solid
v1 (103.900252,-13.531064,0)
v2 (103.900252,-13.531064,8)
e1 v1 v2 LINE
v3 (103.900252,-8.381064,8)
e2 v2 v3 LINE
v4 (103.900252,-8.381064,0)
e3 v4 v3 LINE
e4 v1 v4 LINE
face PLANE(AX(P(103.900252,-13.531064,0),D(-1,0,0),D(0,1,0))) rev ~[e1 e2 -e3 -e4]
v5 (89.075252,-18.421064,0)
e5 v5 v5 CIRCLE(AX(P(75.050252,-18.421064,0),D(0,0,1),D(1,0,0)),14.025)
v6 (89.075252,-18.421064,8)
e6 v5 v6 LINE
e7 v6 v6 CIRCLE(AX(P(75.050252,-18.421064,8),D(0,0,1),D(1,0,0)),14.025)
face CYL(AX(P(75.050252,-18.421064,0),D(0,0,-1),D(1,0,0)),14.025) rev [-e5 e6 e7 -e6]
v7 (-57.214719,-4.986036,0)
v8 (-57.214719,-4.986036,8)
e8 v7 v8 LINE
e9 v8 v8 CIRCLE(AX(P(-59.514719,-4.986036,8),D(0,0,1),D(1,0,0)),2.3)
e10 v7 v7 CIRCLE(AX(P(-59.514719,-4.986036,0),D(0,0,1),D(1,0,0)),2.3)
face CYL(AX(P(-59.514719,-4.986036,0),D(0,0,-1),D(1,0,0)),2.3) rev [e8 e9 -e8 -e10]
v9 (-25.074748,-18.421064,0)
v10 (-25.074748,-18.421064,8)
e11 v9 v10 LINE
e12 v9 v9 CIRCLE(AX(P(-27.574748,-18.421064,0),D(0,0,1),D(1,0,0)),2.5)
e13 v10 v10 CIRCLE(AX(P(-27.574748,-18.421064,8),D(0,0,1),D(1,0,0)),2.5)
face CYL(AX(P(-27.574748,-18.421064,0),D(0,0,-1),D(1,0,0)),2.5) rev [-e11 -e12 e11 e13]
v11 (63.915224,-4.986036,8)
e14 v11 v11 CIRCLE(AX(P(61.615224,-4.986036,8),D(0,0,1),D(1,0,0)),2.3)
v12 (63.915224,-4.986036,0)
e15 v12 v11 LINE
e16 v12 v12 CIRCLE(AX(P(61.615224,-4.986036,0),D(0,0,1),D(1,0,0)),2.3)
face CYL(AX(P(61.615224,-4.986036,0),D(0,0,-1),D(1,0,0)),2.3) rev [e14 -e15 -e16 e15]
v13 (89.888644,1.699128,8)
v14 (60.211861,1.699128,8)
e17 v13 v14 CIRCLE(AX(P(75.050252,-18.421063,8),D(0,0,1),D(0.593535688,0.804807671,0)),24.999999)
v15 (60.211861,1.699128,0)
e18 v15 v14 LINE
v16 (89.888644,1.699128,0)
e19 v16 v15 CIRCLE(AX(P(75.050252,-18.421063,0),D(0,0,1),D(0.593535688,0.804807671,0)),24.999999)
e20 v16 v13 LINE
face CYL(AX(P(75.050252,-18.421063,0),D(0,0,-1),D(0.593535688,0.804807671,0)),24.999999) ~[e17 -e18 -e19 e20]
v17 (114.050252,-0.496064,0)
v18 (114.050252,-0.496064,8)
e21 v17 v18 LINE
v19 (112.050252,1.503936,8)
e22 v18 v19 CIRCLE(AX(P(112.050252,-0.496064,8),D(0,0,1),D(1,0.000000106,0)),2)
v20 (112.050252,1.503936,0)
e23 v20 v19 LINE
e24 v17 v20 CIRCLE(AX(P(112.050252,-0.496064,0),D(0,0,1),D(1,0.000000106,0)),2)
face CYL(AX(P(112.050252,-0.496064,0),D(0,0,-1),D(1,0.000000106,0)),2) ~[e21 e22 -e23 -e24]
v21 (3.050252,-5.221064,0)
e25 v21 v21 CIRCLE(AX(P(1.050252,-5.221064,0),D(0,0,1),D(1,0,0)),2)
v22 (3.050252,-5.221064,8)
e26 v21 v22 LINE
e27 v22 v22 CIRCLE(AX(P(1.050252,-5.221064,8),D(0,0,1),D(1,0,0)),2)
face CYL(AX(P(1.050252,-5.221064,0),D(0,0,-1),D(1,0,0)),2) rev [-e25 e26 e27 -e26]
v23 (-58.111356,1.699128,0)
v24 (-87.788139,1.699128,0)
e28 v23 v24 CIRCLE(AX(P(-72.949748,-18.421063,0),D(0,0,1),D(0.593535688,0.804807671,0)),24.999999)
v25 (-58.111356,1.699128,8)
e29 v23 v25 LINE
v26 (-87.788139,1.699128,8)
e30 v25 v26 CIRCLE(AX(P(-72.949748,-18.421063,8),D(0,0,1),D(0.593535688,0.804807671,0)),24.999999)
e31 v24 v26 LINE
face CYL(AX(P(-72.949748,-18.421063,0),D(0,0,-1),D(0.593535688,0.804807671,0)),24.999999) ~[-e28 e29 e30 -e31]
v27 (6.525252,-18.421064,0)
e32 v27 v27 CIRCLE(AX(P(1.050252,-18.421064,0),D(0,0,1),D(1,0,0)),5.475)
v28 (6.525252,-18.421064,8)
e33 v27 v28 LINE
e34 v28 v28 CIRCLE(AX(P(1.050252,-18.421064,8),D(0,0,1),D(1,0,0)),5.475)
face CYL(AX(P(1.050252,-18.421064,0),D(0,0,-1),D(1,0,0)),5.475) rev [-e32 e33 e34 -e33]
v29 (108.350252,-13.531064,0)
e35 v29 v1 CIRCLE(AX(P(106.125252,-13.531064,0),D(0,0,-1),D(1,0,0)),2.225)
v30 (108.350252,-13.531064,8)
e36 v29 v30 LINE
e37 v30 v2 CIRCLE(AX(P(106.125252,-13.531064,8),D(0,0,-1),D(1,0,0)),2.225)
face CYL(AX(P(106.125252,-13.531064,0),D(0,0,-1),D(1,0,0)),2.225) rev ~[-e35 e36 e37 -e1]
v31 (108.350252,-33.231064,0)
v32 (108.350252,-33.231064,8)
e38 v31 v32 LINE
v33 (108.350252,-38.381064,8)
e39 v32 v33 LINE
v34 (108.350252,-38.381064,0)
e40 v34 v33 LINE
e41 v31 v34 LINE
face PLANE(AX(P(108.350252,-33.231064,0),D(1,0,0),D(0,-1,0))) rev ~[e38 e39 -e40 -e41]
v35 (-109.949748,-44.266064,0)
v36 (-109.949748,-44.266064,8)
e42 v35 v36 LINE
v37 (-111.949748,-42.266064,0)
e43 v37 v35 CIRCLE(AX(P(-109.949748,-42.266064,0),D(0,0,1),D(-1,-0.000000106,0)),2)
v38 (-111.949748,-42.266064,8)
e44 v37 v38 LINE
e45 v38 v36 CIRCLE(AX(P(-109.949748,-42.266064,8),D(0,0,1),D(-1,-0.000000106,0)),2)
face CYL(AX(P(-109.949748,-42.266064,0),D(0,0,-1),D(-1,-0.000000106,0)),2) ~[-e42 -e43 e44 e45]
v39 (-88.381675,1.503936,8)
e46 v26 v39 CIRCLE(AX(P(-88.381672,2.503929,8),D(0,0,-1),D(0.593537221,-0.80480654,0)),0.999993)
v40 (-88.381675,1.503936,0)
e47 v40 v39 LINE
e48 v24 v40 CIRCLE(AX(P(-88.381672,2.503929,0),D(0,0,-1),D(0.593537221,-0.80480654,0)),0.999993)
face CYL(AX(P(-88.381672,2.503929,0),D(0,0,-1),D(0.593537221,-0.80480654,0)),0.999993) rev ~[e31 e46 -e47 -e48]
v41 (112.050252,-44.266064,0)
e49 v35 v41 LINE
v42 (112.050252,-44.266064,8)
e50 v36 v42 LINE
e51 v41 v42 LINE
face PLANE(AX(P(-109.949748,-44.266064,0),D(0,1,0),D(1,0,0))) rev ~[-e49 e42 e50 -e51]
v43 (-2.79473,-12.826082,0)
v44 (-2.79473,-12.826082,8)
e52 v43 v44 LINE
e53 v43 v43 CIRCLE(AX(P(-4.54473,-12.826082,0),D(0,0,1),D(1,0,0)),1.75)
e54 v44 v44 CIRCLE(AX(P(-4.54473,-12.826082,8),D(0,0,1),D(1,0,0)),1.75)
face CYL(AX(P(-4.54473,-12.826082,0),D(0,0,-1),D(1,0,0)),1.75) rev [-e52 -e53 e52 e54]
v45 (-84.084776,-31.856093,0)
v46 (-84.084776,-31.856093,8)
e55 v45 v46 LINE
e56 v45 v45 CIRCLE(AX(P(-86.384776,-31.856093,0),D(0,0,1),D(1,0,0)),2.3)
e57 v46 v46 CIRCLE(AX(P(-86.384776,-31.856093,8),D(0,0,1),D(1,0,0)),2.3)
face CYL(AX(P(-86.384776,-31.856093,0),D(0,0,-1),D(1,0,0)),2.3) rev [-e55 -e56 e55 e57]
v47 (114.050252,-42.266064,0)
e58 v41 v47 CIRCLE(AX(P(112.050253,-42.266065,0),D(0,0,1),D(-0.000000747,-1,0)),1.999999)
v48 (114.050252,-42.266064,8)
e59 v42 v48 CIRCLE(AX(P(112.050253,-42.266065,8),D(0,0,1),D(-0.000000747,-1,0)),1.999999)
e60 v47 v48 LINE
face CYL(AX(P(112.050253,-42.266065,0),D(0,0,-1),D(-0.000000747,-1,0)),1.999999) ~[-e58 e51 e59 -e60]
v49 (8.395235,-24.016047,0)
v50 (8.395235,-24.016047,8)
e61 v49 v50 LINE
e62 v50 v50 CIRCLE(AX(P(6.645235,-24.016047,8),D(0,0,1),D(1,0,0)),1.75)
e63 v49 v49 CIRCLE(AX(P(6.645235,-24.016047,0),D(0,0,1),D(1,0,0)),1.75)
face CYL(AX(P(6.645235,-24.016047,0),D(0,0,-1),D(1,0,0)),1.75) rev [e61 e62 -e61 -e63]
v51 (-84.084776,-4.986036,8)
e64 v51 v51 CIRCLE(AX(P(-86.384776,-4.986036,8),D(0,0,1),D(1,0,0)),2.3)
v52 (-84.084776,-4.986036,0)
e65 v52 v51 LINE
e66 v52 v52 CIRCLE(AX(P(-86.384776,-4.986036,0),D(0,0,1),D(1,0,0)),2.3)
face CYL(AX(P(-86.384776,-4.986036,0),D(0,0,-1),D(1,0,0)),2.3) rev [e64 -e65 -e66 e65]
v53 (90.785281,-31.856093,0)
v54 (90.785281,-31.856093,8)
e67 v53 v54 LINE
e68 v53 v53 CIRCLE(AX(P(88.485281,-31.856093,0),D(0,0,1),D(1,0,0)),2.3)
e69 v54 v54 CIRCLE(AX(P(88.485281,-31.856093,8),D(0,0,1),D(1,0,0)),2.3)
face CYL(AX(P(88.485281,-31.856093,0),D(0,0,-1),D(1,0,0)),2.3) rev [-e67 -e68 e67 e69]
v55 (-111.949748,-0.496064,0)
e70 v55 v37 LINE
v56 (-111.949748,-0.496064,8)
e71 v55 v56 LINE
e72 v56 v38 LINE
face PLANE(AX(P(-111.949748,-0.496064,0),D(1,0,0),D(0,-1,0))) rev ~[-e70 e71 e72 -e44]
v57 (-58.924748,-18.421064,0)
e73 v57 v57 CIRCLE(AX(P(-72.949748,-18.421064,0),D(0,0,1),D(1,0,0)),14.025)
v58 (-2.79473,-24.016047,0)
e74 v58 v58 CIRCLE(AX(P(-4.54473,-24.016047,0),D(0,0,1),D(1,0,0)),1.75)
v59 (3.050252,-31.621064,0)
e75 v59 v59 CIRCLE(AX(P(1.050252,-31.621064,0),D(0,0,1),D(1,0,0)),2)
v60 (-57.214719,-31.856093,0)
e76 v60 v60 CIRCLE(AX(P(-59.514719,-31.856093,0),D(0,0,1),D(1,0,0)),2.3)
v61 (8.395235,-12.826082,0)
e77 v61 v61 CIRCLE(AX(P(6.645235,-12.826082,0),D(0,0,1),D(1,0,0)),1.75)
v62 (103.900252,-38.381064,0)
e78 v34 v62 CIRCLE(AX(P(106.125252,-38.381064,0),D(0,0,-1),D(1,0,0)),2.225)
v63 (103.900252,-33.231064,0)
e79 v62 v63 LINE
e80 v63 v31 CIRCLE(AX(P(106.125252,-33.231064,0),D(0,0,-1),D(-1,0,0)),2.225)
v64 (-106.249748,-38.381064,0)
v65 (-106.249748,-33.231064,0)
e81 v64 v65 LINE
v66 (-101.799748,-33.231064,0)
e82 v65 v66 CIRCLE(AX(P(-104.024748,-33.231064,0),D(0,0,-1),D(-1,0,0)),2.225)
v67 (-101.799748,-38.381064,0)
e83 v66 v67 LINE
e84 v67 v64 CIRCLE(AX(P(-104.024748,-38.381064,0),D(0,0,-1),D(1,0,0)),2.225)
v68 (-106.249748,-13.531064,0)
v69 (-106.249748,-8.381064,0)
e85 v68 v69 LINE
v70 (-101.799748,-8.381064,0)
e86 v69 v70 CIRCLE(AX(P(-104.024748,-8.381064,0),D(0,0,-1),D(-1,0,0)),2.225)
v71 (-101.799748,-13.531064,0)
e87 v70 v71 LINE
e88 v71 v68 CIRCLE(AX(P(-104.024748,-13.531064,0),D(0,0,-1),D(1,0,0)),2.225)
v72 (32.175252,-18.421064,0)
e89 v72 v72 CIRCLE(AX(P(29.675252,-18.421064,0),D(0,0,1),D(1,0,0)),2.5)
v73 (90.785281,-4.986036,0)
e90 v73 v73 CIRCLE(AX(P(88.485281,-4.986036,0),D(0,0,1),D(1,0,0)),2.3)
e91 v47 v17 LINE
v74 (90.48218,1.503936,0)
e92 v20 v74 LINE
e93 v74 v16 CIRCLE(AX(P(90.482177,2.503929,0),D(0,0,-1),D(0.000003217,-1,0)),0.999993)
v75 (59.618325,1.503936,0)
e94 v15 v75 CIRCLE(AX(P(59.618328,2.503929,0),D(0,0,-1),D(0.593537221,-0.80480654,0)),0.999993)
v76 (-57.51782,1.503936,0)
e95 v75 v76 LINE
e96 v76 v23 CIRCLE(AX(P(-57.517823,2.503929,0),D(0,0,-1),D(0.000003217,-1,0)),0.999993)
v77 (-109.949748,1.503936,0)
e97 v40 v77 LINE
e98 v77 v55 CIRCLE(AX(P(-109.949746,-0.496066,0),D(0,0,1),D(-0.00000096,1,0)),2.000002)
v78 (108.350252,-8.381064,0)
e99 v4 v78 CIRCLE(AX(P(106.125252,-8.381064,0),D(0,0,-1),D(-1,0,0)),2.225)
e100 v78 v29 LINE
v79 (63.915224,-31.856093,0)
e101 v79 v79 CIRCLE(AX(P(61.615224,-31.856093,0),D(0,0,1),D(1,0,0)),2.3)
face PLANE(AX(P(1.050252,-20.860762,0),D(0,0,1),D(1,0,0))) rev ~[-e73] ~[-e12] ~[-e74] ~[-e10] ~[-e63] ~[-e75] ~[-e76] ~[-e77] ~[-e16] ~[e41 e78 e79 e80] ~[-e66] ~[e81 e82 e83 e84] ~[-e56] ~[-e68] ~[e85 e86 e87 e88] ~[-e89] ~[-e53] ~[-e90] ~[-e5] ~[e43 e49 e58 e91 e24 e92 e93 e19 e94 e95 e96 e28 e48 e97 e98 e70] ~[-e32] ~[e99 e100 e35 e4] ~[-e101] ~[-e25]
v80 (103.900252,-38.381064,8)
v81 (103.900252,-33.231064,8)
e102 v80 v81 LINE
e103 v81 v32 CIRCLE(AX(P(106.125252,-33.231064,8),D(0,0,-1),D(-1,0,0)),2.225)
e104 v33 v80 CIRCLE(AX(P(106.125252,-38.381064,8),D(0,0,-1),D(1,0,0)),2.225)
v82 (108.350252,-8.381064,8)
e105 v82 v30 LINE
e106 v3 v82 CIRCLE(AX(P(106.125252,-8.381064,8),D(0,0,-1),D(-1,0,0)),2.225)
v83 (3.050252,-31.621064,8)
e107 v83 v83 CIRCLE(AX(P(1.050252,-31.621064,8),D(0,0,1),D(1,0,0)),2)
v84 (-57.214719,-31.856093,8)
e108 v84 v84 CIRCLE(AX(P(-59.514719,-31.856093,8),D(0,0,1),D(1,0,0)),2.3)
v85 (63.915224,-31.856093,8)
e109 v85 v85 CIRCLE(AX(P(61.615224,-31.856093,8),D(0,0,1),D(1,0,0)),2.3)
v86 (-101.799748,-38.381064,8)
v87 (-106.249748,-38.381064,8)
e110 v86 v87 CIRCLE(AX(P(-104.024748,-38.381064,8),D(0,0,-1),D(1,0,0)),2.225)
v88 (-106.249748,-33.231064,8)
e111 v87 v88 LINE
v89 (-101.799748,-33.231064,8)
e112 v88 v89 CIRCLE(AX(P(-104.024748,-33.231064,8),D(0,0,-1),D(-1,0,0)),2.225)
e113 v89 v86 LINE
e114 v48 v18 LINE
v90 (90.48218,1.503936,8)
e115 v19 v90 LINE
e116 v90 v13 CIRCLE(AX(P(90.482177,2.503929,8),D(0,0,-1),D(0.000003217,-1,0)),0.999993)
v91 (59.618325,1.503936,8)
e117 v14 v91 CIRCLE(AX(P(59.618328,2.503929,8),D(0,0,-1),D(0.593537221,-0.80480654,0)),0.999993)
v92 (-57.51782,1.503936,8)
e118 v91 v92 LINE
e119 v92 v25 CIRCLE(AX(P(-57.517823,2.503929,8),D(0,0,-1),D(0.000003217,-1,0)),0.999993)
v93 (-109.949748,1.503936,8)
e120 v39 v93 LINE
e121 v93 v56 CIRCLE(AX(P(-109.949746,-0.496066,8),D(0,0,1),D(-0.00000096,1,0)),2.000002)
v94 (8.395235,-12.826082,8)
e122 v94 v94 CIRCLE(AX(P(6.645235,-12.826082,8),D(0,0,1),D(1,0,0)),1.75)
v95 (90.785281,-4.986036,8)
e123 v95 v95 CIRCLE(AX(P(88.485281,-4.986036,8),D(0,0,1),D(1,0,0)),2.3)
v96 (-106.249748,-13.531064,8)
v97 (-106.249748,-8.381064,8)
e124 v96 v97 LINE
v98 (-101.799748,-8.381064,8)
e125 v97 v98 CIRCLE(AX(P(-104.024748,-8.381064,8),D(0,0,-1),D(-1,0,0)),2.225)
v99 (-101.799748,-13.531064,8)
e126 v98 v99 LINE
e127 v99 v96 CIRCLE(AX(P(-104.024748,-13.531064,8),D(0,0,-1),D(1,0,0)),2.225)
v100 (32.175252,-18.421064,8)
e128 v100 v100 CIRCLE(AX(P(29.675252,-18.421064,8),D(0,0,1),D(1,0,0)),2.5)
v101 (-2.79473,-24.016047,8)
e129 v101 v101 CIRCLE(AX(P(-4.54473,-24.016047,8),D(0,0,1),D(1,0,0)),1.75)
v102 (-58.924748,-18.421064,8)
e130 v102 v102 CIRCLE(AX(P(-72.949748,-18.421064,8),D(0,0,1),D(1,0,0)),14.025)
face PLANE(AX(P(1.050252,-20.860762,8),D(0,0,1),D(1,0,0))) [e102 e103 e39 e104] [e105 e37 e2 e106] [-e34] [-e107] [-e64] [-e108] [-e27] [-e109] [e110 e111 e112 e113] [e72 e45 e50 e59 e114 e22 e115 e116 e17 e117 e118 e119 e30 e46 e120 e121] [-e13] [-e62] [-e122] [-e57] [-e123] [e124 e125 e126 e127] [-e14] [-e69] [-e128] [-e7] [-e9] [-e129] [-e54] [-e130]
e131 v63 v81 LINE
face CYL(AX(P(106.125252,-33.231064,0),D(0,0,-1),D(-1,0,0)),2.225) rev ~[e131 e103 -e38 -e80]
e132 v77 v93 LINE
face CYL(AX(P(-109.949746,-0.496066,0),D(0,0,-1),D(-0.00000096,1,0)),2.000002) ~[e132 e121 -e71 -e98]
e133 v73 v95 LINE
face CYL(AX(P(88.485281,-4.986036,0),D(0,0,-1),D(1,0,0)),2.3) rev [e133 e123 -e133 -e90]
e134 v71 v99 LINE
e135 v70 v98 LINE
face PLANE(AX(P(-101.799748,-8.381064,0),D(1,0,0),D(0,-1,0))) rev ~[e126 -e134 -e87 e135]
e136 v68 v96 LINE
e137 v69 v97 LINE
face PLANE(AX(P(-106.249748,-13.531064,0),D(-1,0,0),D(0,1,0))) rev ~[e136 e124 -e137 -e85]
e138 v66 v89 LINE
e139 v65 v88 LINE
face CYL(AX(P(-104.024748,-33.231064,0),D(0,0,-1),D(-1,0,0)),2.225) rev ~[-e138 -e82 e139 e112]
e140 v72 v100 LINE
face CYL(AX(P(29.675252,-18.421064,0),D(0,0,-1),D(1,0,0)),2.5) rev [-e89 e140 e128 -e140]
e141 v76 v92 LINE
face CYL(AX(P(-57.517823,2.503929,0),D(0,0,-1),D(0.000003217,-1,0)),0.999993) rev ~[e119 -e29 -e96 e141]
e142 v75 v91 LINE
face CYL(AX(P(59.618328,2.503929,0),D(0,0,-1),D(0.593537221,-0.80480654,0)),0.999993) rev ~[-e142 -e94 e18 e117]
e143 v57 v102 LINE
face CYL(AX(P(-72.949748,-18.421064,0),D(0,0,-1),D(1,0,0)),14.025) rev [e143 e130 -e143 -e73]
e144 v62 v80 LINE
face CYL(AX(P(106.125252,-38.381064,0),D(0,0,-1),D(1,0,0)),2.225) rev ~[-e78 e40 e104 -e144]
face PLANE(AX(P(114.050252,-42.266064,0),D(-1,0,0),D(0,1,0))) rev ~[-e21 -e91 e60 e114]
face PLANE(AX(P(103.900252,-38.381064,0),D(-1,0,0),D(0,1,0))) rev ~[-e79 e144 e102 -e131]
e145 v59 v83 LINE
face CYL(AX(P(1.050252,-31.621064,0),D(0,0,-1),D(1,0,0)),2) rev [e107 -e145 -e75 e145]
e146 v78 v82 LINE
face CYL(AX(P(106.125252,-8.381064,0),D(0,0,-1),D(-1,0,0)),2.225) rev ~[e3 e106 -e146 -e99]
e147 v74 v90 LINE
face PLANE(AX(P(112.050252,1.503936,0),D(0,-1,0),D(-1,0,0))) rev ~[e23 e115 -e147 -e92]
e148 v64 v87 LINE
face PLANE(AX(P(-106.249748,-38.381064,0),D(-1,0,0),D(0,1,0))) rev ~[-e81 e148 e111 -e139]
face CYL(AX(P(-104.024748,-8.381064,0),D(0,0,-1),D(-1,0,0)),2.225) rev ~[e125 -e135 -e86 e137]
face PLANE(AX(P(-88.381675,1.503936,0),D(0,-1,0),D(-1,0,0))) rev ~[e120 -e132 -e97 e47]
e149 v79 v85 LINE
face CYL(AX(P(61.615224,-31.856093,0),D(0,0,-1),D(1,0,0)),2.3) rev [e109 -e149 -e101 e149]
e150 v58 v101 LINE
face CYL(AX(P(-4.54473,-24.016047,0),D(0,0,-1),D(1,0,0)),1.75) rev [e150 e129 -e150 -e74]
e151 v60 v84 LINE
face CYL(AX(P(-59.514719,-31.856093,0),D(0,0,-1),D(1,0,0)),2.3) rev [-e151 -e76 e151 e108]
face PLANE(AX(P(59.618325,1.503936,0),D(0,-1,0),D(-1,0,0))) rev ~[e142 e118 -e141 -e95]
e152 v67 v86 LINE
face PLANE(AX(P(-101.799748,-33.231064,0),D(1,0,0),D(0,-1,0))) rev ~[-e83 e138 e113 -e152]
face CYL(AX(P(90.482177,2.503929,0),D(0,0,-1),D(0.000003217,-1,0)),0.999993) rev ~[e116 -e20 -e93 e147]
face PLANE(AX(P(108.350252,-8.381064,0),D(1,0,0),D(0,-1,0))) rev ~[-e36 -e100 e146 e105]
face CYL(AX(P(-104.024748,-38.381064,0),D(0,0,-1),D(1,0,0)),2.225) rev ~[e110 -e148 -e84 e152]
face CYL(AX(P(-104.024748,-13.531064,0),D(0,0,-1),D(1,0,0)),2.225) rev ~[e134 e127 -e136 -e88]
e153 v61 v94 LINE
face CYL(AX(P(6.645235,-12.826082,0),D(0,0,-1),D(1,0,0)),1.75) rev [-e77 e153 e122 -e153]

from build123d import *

# Parameters (mm, degrees)
F0_R     = 2.3
F0_R_2   = 1.75
F0_R_3   = 2
F0_R_4   = 14.025
F0_R_5   = 2.5
F0_R_6   = 5.475
F1_DEPTH = 8


with BuildPart() as f1:
    # F0 (on Top) → F1 (new body)
    with BuildSketch(Plane.XY):
        with BuildLine():
            Line((-88.381675, 1.503936), (-109.949748, 1.503936))
            ThreePointArc((-109.949748, 1.503936), (-111.363961, 0.918149), (-111.949748, -0.496064))
            Line((-111.949748, -0.496064), (-111.949748, -42.266064))
            ThreePointArc((-111.949748, -42.266064), (-111.363961, -43.680278), (-109.949748, -44.266064))
            Line((-109.949748, -44.266064), (-84.717208, -44.266064))
            Line((-84.717208, -44.266064), (86.817713, -44.266064))
            Line((86.817713, -44.266064), (112.050252, -44.266064))
            ThreePointArc((112.050252, -44.266064), (113.464466, -43.680278), (114.050252, -42.266064))
            Line((114.050252, -42.266064), (114.050252, -0.496064))
            ThreePointArc((114.050252, -0.496064), (113.464466, 0.918149), (112.050252, 1.503936))
            Line((112.050252, 1.503936), (90.48218, 1.503936))
            ThreePointArc((90.48218, 1.503936), (90.169776, 1.553986), (89.888644, 1.699128))
            ThreePointArc((89.888644, 1.699128), (75.050252, 6.578936), (60.211861, 1.699128))
            ThreePointArc((60.211861, 1.699128), (59.930729, 1.553986), (59.618325, 1.503936))
            Line((59.618325, 1.503936), (-57.51782, 1.503936))
            ThreePointArc((-57.51782, 1.503936), (-57.830224, 1.553986), (-58.111356, 1.699128))
            ThreePointArc((-58.111356, 1.699128), (-72.949748, 6.578936), (-87.788139, 1.699128))
            ThreePointArc((-87.788139, 1.699128), (-88.069271, 1.553986), (-88.381675, 1.503936))
        make_face()
        with BuildLine():
            Line((-101.799748, -33.231064), (-101.799748, -38.381064))
            ThreePointArc((-101.799748, -38.381064), (-104.024748, -40.606064), (-106.249748, -38.381064))
            Line((-106.249748, -38.381064), (-106.249748, -33.231064))
            ThreePointArc((-106.249748, -33.231064), (-104.024748, -31.006064), (-101.799748, -33.231064))
        make_face(mode=Mode.SUBTRACT)
        with Locations((-86.384776, -31.856093)):
            Circle(F0_R, mode=Mode.SUBTRACT)
        with Locations((-59.514719, -31.856093)):
            Circle(F0_R, mode=Mode.SUBTRACT)
        with Locations((-4.54473, -24.016047)):
            Circle(F0_R_2, mode=Mode.SUBTRACT)
        with Locations((1.050252, -31.621064)):
            Circle(F0_R_3, mode=Mode.SUBTRACT)
        with Locations((61.615224, -31.856093)):
            Circle(F0_R, mode=Mode.SUBTRACT)
        with BuildLine():
            Line((103.900252, -38.381064), (103.900252, -33.231064))
            ThreePointArc((103.900252, -33.231064), (106.125252, -31.006064), (108.350252, -33.231064))
            Line((108.350252, -33.231064), (108.350252, -38.381064))
            ThreePointArc((108.350252, -38.381064), (106.125252, -40.606064), (103.900252, -38.381064))
        make_face(mode=Mode.SUBTRACT)
        with Locations((88.485281, -31.856093)):
            Circle(F0_R, mode=Mode.SUBTRACT)
        with Locations((6.645235, -24.016047)):
            Circle(F0_R_2, mode=Mode.SUBTRACT)
        with Locations((-72.949748, -18.421064)):
            Circle(F0_R_4, mode=Mode.SUBTRACT)
        with BuildLine():
            Line((-106.249748, -13.531064), (-106.249748, -8.381064))
            ThreePointArc((-106.249748, -8.381064), (-104.024748, -6.156064), (-101.799748, -8.381064))
            Line((-101.799748, -8.381064), (-101.799748, -13.531064))
            ThreePointArc((-101.799748, -13.531064), (-104.024748, -15.756064), (-106.249748, -13.531064))
        make_face(mode=Mode.SUBTRACT)
        with Locations((-27.574748, -18.421064)):
            Circle(F0_R_5, mode=Mode.SUBTRACT)
        with Locations((-4.54473, -12.826082)):
            Circle(F0_R_2, mode=Mode.SUBTRACT)
        with Locations((-86.384776, -4.986036)):
            Circle(F0_R, mode=Mode.SUBTRACT)
        with Locations((-59.514719, -4.986036)):
            Circle(F0_R, mode=Mode.SUBTRACT)
        with Locations((1.050252, -18.421064)):
            Circle(F0_R_6, mode=Mode.SUBTRACT)
        with Locations((6.645235, -12.826082)):
            Circle(F0_R_2, mode=Mode.SUBTRACT)
        with Locations((29.675252, -18.421064)):
            Circle(F0_R_5, mode=Mode.SUBTRACT)
        with Locations((75.050252, -18.421064)):
            Circle(F0_R_4, mode=Mode.SUBTRACT)
        with BuildLine():
            ThreePointArc((103.900252, -8.381064), (106.125252, -6.156064), (108.350252, -8.381064))
            Line((108.350252, -8.381064), (108.350252, -13.531064))
            ThreePointArc((108.350252, -13.531064), (106.125252, -15.756064), (103.900252, -13.531064))
            Line((103.900252, -13.531064), (103.900252, -8.381064))
        make_face(mode=Mode.SUBTRACT)
        with Locations((1.050252, -5.221064)):
            Circle(F0_R_3, mode=Mode.SUBTRACT)
        with Locations((61.615224, -4.986036)):
            Circle(F0_R, mode=Mode.SUBTRACT)
        with Locations((88.485281, -4.986036)):
            Circle(F0_R, mode=Mode.SUBTRACT)
    extrude(amount=F1_DEPTH)


solid = f1.part
